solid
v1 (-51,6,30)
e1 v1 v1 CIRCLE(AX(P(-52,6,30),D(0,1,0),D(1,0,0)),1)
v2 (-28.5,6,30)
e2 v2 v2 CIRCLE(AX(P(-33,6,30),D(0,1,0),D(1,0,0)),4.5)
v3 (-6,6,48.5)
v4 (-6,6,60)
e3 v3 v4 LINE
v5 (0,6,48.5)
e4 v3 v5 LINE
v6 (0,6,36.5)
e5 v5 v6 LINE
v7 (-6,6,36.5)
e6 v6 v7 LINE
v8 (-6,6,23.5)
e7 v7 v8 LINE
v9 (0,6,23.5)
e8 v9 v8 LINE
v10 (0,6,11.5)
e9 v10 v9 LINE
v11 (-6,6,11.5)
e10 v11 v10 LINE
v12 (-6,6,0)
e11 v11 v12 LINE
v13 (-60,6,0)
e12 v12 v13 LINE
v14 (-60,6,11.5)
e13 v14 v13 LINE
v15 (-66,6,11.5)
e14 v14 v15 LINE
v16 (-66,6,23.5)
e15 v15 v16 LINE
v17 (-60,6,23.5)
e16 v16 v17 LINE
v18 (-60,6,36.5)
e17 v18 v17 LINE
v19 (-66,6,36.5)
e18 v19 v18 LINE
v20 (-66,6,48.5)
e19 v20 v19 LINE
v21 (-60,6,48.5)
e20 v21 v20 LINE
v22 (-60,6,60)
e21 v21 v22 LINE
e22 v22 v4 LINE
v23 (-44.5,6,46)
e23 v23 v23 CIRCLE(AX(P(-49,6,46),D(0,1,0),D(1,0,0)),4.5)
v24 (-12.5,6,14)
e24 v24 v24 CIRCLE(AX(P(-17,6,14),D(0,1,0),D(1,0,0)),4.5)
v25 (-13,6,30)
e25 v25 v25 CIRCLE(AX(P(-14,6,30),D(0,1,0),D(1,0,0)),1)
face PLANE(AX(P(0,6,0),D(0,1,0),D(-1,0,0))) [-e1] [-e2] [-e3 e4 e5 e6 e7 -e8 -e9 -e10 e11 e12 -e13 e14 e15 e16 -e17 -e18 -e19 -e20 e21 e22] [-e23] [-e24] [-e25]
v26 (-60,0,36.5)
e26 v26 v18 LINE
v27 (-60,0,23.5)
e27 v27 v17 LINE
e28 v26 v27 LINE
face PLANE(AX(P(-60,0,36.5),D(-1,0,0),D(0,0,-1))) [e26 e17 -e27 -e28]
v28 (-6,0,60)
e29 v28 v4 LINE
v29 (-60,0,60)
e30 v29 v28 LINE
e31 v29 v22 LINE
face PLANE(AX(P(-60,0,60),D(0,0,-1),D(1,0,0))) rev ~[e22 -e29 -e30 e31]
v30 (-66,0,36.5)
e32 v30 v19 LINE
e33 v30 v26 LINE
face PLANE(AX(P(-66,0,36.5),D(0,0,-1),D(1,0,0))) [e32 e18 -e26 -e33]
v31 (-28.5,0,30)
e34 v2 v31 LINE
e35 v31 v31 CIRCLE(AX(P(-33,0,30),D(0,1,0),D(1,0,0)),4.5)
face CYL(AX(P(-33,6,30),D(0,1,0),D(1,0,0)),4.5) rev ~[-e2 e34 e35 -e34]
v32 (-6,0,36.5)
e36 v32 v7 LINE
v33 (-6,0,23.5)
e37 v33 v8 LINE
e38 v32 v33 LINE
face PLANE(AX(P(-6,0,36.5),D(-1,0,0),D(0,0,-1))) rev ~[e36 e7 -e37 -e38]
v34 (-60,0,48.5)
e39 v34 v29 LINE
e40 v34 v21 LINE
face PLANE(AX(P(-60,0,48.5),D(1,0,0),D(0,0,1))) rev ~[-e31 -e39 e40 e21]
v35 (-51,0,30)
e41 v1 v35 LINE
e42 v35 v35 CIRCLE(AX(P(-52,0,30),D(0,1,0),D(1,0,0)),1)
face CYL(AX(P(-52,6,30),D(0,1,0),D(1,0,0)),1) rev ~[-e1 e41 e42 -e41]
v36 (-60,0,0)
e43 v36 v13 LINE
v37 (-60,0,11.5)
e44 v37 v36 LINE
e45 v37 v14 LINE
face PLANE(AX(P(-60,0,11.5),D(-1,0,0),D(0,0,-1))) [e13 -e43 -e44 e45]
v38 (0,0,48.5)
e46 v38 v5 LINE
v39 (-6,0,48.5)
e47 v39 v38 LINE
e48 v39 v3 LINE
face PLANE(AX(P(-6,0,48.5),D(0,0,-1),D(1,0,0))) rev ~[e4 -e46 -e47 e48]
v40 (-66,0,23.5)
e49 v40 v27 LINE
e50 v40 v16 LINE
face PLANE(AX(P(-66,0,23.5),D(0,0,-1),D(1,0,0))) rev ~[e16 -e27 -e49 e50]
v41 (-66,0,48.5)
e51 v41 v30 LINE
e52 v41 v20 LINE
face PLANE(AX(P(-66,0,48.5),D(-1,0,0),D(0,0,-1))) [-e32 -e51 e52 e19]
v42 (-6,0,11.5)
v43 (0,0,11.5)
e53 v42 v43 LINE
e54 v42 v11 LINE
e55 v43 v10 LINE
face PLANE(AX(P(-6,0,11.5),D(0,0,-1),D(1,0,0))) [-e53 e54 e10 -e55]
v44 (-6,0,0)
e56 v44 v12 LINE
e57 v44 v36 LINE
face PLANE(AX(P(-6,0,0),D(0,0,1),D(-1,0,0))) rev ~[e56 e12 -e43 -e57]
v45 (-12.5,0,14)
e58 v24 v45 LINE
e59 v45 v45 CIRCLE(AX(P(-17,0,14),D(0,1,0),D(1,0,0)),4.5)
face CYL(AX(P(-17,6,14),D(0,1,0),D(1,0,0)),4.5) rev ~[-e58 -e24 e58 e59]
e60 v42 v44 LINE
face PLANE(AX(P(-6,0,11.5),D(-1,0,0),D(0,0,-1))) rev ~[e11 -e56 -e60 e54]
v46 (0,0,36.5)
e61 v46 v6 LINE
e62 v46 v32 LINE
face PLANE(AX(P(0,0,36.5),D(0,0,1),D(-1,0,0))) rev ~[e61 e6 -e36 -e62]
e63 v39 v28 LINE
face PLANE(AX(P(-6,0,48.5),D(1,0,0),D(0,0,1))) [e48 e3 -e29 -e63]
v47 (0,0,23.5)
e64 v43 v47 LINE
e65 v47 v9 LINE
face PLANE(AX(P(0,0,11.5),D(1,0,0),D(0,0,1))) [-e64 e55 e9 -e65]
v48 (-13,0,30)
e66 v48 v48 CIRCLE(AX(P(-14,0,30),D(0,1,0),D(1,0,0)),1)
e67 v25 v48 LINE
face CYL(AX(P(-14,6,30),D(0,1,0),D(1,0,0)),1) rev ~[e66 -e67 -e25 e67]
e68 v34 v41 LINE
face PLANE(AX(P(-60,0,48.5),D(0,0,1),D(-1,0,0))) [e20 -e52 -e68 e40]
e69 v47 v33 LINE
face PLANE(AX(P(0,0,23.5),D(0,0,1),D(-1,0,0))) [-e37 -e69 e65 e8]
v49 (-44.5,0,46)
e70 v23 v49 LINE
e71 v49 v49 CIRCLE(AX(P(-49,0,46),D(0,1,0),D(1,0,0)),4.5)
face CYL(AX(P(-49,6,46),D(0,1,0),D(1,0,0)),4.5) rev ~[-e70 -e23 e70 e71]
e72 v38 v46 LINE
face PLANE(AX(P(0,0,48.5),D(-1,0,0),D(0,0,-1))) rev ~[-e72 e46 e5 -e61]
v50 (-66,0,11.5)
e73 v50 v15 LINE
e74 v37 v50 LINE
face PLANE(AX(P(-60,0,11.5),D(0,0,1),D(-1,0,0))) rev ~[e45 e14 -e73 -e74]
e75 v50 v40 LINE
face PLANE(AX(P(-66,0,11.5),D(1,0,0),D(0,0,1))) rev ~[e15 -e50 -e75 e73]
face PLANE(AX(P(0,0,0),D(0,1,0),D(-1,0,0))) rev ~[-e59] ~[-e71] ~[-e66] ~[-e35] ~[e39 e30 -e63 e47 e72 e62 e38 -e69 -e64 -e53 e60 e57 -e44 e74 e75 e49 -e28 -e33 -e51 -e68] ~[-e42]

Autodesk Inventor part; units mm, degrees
ref_plane "YZ Plane" through (0, 0, 0) normal (1, 0, 0) x (0, 1, 0)
ref_plane "XZ Plane" through (0, 0, 0) normal (0, 1, 0) x (-1, 0, 0)
ref_plane "XY Plane" through (0, 0, 0) normal (0, 0, 1) x (1, 0, 0)
sketch "Sketch1" plane through (0, 0, 0) normal (0, 1, 0) x (-1, 0, 0)
  line L0 (0, 30) -> (66, 30) construction
  line L1 (66, 36.5) -> (60, 36.5)
  line L2 (60, 36.5) -> (60, 48.5) construction
  line L3 (60, 48.5) -> (66, 48.5)
  line L4 (66, 48.5) -> (66, 36.5)
  line L5 (60, 48.5) -> (60, 60)
  line L6 (60, 60) -> (6, 60)
  line L7 (66, 23.5) -> (60, 23.5)
  line L8 (60, 23.5) -> (60, 11.5) construction
  line L9 (60, 11.5) -> (66, 11.5)
  line L10 (66, 11.5) -> (66, 23.5)
  line L11 (60, 11.5) -> (60, 0)
  line L12 (60, 36.5) -> (60, 23.5)
  line L13 (33, 30) -> (33, 0) construction
  line L14 (0, 36.5) -> (6, 36.5)
  line L15 (6, 36.5) -> (6, 48.5) construction
  line L16 (6, 48.5) -> (0, 48.5)
  line L17 (0, 48.5) -> (0, 36.5)
  line L18 (6, 48.5) -> (6, 60)
  line L19 (0, 23.5) -> (6, 23.5)
  line L20 (6, 23.5) -> (6, 11.5) construction
  line L21 (6, 11.5) -> (0, 11.5)
  line L22 (0, 11.5) -> (0, 23.5)
  line L23 (6, 11.5) -> (6, 0)
  line L24 (6, 36.5) -> (6, 23.5)
  line L25 (6, 0) -> (60, 0)
  dimension "d2" = 6
  dimension "d3" = 12
  dimension "d4" = 18.5
  dimension "d5" = 33
  dimension "d6" = 11.5
  dimension "d7" = 0
extrude "Extrusion1" add sketch "Sketch1" along normal blind 6
sketch "Sketch2" plane through (0, 6, 0) normal (0, 1, 0) x (1, 0, 0)
  line L0 (-6, -36.5) -> (-6, -23.5) projected
  line L1 (-6, -30) -> (-60, -30) construction
  line L2 (-60, -23.5) -> (-60, -36.5) projected
  line L3 (-6, 0) -> (-60, 0) projected
  line L4 (-33, 0) -> (-33, -60) construction
  line L5 (-6, -60) -> (-60, -60) projected
  circle A0 centre (-49, -46) radius 4.5
  circle A1 centre (-17, -14) radius 4.5
  circle A2 centre (-33, -30) radius 4.5
  circle A3 centre (-14, -30) radius 1
  circle A4 centre (-52, -30) radius 1
  point P0 (0, 0)
  dimension "d16" = 9
  dimension "d17" = 9
  dimension "d18" = 16
  dimension "d19" = 16
  dimension "d20" = 16
  dimension "d21" = 16
  dimension "d22" = 9
  dimension "d23" = 2
  dimension "d24" = 2
  dimension "d25" = 19
  dimension "d26" = 19
extrude "Extrusion2" cut sketch "Sketch2" against normal through all
properties part number "thumper-bumper-top-v2"
